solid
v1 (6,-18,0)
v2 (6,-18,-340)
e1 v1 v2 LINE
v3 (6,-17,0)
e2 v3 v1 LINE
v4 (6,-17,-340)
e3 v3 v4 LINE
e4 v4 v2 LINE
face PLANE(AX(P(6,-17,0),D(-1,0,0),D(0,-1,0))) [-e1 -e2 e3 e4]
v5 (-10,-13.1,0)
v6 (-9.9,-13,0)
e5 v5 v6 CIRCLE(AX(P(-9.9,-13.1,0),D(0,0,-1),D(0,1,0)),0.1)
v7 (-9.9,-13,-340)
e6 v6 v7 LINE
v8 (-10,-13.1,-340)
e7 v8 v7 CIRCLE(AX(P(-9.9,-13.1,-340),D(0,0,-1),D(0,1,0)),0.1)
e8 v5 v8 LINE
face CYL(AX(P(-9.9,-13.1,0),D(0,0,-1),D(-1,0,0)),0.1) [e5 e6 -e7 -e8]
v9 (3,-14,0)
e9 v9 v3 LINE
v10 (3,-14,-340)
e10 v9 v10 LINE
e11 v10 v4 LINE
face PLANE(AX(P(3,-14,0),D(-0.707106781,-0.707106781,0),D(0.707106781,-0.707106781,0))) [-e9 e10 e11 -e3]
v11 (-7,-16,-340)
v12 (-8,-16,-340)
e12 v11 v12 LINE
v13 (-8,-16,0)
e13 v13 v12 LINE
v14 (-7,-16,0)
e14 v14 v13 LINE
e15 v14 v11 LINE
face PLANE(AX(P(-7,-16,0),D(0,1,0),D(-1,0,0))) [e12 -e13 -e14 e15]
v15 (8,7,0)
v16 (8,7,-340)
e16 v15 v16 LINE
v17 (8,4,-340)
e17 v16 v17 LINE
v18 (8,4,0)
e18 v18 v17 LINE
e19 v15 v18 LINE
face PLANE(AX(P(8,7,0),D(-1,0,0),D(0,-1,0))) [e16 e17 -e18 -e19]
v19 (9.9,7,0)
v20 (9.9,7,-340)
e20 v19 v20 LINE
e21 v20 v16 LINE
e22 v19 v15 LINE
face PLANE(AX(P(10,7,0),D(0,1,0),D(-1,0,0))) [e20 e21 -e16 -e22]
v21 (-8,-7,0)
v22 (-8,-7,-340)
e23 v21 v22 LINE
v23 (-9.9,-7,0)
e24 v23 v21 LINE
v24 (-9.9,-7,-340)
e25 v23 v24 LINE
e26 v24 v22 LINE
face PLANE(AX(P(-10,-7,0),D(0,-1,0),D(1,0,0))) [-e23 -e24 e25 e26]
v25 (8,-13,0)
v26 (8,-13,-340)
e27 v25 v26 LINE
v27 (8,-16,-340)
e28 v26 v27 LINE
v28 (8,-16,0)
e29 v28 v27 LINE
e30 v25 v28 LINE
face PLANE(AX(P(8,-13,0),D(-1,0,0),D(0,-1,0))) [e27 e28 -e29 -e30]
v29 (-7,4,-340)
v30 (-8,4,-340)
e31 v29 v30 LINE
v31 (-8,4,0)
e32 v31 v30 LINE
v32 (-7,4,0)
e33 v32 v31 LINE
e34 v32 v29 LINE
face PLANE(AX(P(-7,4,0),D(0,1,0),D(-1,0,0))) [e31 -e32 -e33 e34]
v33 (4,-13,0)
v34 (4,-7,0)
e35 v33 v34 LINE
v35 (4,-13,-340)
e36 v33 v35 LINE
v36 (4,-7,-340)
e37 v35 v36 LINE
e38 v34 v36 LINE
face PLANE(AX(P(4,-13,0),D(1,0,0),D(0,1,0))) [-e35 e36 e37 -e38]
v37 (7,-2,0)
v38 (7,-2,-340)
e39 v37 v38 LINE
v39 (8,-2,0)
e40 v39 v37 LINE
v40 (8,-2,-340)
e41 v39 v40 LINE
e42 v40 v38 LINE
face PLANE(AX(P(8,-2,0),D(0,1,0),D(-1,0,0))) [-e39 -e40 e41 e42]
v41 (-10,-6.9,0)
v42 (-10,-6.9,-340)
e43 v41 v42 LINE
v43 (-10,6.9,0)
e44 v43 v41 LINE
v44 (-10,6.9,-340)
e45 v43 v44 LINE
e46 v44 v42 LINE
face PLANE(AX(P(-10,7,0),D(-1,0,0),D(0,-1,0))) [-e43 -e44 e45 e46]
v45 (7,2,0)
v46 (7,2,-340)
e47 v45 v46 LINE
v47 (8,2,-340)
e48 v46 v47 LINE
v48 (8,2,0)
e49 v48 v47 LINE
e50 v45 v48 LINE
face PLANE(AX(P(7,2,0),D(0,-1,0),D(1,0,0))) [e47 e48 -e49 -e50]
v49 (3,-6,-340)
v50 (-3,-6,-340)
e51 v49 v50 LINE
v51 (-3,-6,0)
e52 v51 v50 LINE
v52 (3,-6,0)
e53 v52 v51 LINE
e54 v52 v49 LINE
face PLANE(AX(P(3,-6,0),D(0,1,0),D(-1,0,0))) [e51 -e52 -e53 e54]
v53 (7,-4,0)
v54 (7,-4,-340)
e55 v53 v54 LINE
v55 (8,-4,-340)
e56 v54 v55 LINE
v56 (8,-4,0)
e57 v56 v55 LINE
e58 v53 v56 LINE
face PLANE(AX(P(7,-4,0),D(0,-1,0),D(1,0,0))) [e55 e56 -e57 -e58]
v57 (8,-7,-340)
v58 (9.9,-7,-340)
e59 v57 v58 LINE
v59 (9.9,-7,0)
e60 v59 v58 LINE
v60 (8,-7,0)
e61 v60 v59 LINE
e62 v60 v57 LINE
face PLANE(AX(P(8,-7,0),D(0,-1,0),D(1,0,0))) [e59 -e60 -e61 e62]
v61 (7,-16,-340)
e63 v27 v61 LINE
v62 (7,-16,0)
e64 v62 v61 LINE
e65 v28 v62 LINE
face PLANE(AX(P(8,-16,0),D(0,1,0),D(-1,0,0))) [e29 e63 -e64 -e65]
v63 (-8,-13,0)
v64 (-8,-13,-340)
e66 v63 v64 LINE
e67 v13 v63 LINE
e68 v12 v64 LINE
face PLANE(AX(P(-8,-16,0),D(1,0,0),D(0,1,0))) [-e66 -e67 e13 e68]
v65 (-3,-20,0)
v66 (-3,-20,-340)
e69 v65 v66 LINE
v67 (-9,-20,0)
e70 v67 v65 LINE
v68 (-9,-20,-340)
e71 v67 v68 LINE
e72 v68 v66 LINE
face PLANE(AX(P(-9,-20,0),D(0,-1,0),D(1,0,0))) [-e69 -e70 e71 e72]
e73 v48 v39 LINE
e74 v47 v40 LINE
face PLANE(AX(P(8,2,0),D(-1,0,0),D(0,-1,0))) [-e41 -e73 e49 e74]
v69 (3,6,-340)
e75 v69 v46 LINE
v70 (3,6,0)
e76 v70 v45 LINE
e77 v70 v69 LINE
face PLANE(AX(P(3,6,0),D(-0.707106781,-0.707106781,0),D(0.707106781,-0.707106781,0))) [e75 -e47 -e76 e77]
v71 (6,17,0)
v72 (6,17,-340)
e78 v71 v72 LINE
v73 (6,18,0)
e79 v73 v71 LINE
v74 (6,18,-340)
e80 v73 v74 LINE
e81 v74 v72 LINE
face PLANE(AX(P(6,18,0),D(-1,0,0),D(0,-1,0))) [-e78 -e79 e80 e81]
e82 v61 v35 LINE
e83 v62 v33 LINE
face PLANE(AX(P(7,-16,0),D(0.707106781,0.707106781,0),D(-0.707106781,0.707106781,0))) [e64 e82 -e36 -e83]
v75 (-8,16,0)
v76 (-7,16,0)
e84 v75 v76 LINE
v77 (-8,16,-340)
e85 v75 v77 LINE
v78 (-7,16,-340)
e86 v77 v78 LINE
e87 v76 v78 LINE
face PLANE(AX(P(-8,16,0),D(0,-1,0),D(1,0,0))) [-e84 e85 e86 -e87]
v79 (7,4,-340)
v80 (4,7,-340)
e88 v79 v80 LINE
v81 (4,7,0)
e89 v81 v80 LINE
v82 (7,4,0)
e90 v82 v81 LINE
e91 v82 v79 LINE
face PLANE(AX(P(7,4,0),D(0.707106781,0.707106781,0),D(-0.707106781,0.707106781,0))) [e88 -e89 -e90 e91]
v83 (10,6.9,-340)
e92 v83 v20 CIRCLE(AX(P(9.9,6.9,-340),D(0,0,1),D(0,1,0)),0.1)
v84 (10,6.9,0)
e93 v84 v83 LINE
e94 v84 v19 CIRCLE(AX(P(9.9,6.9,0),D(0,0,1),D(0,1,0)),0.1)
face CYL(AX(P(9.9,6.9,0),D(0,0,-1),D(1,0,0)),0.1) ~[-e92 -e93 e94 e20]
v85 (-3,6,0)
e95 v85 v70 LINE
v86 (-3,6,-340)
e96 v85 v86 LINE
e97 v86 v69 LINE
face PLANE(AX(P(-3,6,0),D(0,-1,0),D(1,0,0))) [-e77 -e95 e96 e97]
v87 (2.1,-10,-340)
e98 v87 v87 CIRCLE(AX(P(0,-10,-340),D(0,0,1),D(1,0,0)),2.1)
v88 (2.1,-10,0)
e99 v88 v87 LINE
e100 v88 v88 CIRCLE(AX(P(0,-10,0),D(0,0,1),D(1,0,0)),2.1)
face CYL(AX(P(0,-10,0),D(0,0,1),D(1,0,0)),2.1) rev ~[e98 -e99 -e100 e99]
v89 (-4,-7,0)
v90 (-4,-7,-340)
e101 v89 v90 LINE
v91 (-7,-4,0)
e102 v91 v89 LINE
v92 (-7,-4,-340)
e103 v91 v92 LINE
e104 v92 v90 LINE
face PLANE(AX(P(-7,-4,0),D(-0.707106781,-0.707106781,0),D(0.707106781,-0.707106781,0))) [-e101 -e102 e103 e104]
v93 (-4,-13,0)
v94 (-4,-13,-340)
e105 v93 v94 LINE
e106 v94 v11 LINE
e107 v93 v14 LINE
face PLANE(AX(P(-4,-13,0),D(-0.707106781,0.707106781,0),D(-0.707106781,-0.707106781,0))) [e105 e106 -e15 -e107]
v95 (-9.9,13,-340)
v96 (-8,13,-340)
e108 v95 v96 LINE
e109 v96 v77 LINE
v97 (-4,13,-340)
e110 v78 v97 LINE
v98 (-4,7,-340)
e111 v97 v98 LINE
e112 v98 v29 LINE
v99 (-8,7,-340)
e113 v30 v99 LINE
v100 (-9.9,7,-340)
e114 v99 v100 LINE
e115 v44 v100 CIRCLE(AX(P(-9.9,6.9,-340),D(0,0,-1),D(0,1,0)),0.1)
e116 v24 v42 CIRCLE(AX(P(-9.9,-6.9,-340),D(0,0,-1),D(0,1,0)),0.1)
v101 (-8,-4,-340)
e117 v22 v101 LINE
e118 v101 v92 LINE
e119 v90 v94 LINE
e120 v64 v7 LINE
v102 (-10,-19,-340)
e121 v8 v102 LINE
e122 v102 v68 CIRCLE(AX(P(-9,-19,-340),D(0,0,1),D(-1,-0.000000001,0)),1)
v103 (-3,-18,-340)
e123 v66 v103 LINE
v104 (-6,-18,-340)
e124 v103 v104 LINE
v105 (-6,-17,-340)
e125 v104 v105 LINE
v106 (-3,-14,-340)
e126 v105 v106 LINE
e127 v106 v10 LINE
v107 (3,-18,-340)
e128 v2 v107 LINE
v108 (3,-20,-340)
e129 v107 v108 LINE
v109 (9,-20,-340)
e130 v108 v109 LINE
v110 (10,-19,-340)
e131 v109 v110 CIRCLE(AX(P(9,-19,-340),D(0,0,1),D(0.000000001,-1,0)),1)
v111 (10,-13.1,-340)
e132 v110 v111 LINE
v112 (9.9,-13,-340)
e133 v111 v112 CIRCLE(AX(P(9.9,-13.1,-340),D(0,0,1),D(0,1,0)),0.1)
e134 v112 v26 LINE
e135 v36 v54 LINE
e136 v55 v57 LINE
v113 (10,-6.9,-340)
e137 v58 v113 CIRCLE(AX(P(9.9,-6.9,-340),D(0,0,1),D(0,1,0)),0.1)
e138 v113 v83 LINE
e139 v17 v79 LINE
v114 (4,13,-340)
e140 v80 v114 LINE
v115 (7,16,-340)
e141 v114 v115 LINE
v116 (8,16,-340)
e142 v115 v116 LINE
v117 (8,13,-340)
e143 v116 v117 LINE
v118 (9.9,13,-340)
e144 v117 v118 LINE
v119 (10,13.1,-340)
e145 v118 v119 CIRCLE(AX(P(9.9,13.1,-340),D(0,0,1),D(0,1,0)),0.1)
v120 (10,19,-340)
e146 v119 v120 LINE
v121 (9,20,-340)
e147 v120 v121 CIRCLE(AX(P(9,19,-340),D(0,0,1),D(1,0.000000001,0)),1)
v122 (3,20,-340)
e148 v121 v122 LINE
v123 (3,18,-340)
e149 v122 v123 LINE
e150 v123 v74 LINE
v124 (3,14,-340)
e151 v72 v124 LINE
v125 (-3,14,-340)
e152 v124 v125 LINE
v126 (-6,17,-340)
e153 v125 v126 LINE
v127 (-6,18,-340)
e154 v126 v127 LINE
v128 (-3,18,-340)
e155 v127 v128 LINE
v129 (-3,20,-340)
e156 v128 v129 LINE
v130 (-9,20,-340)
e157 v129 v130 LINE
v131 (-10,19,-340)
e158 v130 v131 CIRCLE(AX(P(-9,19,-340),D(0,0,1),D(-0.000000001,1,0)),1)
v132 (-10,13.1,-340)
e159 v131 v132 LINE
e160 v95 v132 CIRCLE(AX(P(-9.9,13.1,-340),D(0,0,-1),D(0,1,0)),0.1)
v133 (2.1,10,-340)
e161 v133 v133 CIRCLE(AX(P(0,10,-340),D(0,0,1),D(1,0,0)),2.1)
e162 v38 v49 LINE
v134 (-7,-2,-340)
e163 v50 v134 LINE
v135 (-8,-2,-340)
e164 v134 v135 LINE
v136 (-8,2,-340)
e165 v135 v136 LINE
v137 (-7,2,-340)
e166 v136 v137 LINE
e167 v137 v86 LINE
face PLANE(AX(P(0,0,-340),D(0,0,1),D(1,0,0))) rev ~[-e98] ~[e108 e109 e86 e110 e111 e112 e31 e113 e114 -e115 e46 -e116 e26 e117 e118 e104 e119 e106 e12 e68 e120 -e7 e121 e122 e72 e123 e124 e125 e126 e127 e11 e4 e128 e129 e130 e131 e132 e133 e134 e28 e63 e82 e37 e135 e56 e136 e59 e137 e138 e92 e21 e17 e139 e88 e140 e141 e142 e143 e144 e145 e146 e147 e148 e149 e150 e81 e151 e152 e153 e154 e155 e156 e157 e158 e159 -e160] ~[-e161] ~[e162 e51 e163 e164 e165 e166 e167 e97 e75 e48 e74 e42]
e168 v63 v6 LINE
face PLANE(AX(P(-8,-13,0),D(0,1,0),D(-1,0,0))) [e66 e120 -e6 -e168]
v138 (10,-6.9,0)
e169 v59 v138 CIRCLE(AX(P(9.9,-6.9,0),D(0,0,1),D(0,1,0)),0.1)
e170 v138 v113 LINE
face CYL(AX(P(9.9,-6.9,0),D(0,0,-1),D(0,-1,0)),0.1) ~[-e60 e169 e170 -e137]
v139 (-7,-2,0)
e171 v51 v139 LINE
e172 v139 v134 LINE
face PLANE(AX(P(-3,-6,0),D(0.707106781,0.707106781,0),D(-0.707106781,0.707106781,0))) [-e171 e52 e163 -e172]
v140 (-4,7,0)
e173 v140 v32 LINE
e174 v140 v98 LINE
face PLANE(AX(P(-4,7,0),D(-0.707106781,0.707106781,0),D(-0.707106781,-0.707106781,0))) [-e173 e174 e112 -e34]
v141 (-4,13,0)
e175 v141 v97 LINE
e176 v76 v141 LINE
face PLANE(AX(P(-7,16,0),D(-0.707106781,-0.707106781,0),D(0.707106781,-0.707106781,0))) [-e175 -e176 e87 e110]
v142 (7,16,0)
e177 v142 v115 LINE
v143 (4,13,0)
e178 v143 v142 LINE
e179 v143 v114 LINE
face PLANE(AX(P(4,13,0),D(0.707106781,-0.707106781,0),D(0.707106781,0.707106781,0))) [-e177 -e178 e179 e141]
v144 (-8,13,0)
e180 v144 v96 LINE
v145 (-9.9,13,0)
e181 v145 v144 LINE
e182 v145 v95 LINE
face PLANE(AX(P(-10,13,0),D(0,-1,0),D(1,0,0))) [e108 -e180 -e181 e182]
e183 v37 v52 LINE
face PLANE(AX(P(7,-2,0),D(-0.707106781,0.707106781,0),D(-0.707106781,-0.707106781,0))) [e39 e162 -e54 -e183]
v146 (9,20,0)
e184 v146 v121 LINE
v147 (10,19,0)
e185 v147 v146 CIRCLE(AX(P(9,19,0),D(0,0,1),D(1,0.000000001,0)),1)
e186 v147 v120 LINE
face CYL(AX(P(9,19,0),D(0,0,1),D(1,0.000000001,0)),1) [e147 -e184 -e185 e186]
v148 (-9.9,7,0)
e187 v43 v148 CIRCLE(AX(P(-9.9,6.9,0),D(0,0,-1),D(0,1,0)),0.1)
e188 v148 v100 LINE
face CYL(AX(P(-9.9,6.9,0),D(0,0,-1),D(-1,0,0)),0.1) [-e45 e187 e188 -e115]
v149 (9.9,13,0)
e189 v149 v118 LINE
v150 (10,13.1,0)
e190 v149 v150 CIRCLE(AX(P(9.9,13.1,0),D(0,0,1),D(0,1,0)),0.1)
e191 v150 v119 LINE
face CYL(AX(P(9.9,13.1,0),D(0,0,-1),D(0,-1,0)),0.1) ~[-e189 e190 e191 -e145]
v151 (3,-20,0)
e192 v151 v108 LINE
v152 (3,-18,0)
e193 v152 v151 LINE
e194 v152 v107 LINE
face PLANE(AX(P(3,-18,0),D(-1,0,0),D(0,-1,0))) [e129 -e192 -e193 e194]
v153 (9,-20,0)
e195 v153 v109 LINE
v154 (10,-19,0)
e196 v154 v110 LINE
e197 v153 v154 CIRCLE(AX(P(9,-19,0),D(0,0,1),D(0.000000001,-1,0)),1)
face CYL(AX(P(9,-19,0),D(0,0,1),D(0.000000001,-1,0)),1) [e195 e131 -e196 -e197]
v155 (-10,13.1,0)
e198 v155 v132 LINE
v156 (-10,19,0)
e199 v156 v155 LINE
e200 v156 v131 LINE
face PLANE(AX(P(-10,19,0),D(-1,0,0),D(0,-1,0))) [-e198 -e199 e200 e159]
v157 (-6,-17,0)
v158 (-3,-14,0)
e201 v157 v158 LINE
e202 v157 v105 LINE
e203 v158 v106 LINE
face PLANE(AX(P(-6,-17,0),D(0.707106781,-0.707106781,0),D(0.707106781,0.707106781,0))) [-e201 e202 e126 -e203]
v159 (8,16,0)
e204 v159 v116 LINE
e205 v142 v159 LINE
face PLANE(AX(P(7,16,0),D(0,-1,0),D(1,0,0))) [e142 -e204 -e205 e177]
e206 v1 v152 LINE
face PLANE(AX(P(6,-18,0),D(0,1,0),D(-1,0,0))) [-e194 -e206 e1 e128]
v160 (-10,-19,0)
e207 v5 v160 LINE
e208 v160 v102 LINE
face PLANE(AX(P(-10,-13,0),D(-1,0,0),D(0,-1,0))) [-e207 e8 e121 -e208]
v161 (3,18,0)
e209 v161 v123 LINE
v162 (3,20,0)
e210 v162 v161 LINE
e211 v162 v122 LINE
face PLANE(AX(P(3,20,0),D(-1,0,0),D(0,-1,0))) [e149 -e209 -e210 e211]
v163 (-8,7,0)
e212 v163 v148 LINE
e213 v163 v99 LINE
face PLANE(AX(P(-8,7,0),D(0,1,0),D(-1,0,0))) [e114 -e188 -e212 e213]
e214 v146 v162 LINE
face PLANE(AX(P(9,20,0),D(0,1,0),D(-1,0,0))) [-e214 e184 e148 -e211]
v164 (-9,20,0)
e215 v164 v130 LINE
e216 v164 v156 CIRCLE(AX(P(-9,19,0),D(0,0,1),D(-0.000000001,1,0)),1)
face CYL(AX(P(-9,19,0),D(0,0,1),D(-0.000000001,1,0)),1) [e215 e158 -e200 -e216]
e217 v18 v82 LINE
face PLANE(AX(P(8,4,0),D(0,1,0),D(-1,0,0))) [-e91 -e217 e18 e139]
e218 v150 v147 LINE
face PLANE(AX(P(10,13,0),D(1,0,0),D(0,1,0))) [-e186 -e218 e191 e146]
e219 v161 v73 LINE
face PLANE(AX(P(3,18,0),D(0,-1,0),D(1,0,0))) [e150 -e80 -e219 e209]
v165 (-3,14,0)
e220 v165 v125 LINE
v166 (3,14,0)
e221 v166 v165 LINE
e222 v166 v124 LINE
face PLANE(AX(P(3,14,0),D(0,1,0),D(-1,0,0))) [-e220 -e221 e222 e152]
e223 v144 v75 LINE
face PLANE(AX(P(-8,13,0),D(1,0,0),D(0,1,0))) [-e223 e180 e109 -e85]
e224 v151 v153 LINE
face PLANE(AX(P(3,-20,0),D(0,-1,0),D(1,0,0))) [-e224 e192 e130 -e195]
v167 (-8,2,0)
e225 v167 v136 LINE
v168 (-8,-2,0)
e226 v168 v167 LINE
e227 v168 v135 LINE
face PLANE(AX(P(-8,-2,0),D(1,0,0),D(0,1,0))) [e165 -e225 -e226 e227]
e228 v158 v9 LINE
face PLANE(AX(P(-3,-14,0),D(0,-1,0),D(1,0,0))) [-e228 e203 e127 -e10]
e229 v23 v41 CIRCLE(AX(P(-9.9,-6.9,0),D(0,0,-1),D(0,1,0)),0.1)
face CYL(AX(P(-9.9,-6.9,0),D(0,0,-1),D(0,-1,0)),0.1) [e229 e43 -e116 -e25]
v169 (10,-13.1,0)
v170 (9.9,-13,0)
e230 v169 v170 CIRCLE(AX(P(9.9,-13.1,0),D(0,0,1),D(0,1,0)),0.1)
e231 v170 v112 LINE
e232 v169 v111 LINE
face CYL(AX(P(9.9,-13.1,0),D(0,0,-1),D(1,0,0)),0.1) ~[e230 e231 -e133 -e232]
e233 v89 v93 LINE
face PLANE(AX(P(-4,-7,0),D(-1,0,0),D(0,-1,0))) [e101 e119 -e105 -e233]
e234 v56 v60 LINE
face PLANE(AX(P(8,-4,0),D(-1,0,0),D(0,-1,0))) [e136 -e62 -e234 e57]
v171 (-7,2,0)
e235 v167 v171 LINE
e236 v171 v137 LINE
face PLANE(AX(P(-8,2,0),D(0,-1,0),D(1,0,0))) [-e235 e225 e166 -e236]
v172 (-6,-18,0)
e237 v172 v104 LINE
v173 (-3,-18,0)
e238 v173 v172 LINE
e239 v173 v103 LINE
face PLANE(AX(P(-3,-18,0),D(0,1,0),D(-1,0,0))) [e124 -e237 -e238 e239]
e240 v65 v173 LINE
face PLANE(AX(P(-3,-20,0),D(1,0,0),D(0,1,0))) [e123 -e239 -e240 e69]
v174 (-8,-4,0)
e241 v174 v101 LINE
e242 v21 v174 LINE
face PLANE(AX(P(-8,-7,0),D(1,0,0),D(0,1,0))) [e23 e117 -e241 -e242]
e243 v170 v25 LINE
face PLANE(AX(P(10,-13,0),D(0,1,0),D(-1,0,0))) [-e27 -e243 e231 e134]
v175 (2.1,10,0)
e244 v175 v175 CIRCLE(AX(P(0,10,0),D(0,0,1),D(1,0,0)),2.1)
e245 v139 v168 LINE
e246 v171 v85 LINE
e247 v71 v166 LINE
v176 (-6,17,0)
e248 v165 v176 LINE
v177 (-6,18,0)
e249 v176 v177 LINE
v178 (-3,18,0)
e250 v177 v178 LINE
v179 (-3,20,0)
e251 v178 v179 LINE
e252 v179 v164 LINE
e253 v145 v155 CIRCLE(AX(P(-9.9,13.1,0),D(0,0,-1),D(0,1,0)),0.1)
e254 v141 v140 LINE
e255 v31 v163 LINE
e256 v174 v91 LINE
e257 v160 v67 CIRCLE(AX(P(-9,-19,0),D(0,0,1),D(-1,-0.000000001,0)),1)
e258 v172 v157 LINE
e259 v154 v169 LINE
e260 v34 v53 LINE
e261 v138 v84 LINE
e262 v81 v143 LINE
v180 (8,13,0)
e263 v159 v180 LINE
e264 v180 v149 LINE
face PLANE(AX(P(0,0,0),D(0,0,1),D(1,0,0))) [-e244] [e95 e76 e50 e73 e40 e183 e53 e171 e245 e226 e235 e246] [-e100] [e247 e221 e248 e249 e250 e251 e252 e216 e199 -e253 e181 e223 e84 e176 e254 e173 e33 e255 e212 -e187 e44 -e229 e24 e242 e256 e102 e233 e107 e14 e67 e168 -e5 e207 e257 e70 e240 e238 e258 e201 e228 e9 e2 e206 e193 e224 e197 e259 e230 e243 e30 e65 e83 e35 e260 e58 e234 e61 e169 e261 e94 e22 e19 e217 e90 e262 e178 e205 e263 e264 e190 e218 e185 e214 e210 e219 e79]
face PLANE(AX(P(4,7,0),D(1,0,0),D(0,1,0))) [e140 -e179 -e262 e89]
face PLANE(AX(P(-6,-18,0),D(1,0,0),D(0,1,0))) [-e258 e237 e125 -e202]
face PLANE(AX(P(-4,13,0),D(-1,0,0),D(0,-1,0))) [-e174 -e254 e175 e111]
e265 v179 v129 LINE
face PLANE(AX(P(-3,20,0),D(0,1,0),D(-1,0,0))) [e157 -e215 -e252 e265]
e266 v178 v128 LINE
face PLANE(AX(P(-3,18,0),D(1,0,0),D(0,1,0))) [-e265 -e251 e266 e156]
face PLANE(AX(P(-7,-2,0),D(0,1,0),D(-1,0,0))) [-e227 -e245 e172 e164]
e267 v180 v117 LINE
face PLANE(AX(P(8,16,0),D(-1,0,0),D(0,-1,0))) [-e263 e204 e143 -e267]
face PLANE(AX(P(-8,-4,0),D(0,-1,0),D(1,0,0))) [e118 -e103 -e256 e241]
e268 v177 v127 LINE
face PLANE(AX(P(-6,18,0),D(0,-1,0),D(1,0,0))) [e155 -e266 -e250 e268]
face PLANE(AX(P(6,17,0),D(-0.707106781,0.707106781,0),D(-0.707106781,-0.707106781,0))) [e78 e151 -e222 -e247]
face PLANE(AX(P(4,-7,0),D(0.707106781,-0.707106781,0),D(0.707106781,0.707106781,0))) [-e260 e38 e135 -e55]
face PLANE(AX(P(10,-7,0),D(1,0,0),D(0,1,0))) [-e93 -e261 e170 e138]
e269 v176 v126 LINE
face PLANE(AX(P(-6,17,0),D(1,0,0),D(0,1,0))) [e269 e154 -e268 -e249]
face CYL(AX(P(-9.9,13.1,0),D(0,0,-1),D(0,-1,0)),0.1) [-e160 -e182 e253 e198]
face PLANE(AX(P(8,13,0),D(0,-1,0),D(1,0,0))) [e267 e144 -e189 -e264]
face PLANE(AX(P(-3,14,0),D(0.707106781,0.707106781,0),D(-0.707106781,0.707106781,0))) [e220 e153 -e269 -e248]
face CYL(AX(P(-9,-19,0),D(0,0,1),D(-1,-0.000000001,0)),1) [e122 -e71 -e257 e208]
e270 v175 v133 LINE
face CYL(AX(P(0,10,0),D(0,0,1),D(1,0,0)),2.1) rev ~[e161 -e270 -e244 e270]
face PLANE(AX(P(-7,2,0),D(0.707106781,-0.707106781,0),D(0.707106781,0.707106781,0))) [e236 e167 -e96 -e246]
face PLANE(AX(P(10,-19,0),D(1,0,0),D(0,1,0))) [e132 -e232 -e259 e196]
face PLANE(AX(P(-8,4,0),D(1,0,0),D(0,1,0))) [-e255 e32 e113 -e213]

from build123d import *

# Parameters (mm, degrees)
SKETCH1_R           = 2.1
BOSS_EXTRUDE1_DEPTH = 340
FILLET1_R           = 0.1


with BuildPart() as part:
    # Sketch1 → Boss-Extrude1 (new body)
    with BuildSketch(Plane.XY):
        with BuildLine():
            Line((10, -19), (10, -13))
            Line((10, -13), (8, -13))
            Line((8, -13), (8, -16))
            Line((8, -16), (7, -16))
            Line((7, -16), (4, -13))
            Line((4, -13), (4, -7))
            Line((4, -7), (7, -4))
            Line((7, -4), (8, -4))
            Line((8, -4), (8, -7))
            Line((8, -7), (10, -7))
            Line((10, -7), (10, 7))
            Line((10, 7), (8, 7))
            Line((8, 7), (8, 4))
            Line((8, 4), (7, 4))
            Line((7, 4), (4, 7))
            Line((4, 7), (4, 13))
            Line((4, 13), (7, 16))
            Line((7, 16), (8, 16))
            Line((8, 16), (8, 13))
            Line((8, 13), (10, 13))
            Line((10, 13), (10, 19))
            ThreePointArc((10, 19), (9.707106781, 19.707106781), (9, 20))
            Line((9, 20), (3, 20))
            Line((3, 20), (3, 18))
            Line((3, 18), (6, 18))
            Line((6, 18), (6, 17))
            Line((6, 17), (3, 14))
            Line((3, 14), (-3, 14))
            Line((-3, 14), (-6, 17))
            Line((-6, 17), (-6, 18))
            Line((-6, 18), (-3, 18))
            Line((-3, 18), (-3, 20))
            Line((-3, 20), (-9, 20))
            ThreePointArc((-9, 20), (-9.707106781, 19.707106781), (-10, 19))
            Line((-10, 19), (-10, 13))
            Line((-10, 13), (-8, 13))
            Line((-8, 13), (-8, 16))
            Line((-8, 16), (-7, 16))
            Line((-7, 16), (-4, 13))
            Line((-4, 13), (-4, 7))
            Line((-4, 7), (-7, 4))
            Line((-7, 4), (-8, 4))
            Line((-8, 4), (-8, 7))
            Line((-8, 7), (-10, 7))
            Line((-10, 7), (-10, -7))
            Line((-10, -7), (-8, -7))
            Line((-8, -7), (-8, -4))
            Line((-8, -4), (-7, -4))
            Line((-7, -4), (-4, -7))
            Line((-4, -7), (-4, -13))
            Line((-4, -13), (-7, -16))
            Line((-7, -16), (-8, -16))
            Line((-8, -16), (-8, -13))
            Line((-8, -13), (-10, -13))
            Line((-10, -13), (-10, -19))
            ThreePointArc((-10, -19), (-9.707106781, -19.707106781), (-9, -20))
            Line((-9, -20), (-3, -20))
            Line((-3, -20), (-3, -18))
            Line((-3, -18), (-6, -18))
            Line((-6, -18), (-6, -17))
            Line((-6, -17), (-3, -14))
            Line((-3, -14), (3, -14))
            Line((3, -14), (6, -17))
            Line((6, -17), (6, -18))
            Line((6, -18), (3, -18))
            Line((3, -18), (3, -20))
            Line((3, -20), (9, -20))
            ThreePointArc((9, -20), (9.707106781, -19.707106781), (10, -19))
        make_face()
        with Locations((0, -10)):
            Circle(SKETCH1_R, mode=Mode.SUBTRACT)
        with Locations((0, 10)):
            Circle(SKETCH1_R, mode=Mode.SUBTRACT)
        Polygon((-7, -2), (-8, -2), (-8, 2), (-7, 2), (-3, 6), (3, 6), (7, 2), (8, 2), (8, -2), (7, -2), (3, -6), (-3, -6), align=None, mode=Mode.SUBTRACT)
    extrude(amount=-BOSS_EXTRUDE1_DEPTH)

    # Fillet1
    fillet1_edges = [part.edges().sort_by_distance(p)[0] for p in [
        (-10, -13, -170),
        (-10, -7, -170),
        (-10, 7, -170),
        (-10, 13, -170),
        (10, 13, -170),
        (10, 7, -170),
        (10, -7, -170),
        (10, -13, -170),
    ]]
    fillet(fillet1_edges, radius=FILLET1_R)


solid = part.part
